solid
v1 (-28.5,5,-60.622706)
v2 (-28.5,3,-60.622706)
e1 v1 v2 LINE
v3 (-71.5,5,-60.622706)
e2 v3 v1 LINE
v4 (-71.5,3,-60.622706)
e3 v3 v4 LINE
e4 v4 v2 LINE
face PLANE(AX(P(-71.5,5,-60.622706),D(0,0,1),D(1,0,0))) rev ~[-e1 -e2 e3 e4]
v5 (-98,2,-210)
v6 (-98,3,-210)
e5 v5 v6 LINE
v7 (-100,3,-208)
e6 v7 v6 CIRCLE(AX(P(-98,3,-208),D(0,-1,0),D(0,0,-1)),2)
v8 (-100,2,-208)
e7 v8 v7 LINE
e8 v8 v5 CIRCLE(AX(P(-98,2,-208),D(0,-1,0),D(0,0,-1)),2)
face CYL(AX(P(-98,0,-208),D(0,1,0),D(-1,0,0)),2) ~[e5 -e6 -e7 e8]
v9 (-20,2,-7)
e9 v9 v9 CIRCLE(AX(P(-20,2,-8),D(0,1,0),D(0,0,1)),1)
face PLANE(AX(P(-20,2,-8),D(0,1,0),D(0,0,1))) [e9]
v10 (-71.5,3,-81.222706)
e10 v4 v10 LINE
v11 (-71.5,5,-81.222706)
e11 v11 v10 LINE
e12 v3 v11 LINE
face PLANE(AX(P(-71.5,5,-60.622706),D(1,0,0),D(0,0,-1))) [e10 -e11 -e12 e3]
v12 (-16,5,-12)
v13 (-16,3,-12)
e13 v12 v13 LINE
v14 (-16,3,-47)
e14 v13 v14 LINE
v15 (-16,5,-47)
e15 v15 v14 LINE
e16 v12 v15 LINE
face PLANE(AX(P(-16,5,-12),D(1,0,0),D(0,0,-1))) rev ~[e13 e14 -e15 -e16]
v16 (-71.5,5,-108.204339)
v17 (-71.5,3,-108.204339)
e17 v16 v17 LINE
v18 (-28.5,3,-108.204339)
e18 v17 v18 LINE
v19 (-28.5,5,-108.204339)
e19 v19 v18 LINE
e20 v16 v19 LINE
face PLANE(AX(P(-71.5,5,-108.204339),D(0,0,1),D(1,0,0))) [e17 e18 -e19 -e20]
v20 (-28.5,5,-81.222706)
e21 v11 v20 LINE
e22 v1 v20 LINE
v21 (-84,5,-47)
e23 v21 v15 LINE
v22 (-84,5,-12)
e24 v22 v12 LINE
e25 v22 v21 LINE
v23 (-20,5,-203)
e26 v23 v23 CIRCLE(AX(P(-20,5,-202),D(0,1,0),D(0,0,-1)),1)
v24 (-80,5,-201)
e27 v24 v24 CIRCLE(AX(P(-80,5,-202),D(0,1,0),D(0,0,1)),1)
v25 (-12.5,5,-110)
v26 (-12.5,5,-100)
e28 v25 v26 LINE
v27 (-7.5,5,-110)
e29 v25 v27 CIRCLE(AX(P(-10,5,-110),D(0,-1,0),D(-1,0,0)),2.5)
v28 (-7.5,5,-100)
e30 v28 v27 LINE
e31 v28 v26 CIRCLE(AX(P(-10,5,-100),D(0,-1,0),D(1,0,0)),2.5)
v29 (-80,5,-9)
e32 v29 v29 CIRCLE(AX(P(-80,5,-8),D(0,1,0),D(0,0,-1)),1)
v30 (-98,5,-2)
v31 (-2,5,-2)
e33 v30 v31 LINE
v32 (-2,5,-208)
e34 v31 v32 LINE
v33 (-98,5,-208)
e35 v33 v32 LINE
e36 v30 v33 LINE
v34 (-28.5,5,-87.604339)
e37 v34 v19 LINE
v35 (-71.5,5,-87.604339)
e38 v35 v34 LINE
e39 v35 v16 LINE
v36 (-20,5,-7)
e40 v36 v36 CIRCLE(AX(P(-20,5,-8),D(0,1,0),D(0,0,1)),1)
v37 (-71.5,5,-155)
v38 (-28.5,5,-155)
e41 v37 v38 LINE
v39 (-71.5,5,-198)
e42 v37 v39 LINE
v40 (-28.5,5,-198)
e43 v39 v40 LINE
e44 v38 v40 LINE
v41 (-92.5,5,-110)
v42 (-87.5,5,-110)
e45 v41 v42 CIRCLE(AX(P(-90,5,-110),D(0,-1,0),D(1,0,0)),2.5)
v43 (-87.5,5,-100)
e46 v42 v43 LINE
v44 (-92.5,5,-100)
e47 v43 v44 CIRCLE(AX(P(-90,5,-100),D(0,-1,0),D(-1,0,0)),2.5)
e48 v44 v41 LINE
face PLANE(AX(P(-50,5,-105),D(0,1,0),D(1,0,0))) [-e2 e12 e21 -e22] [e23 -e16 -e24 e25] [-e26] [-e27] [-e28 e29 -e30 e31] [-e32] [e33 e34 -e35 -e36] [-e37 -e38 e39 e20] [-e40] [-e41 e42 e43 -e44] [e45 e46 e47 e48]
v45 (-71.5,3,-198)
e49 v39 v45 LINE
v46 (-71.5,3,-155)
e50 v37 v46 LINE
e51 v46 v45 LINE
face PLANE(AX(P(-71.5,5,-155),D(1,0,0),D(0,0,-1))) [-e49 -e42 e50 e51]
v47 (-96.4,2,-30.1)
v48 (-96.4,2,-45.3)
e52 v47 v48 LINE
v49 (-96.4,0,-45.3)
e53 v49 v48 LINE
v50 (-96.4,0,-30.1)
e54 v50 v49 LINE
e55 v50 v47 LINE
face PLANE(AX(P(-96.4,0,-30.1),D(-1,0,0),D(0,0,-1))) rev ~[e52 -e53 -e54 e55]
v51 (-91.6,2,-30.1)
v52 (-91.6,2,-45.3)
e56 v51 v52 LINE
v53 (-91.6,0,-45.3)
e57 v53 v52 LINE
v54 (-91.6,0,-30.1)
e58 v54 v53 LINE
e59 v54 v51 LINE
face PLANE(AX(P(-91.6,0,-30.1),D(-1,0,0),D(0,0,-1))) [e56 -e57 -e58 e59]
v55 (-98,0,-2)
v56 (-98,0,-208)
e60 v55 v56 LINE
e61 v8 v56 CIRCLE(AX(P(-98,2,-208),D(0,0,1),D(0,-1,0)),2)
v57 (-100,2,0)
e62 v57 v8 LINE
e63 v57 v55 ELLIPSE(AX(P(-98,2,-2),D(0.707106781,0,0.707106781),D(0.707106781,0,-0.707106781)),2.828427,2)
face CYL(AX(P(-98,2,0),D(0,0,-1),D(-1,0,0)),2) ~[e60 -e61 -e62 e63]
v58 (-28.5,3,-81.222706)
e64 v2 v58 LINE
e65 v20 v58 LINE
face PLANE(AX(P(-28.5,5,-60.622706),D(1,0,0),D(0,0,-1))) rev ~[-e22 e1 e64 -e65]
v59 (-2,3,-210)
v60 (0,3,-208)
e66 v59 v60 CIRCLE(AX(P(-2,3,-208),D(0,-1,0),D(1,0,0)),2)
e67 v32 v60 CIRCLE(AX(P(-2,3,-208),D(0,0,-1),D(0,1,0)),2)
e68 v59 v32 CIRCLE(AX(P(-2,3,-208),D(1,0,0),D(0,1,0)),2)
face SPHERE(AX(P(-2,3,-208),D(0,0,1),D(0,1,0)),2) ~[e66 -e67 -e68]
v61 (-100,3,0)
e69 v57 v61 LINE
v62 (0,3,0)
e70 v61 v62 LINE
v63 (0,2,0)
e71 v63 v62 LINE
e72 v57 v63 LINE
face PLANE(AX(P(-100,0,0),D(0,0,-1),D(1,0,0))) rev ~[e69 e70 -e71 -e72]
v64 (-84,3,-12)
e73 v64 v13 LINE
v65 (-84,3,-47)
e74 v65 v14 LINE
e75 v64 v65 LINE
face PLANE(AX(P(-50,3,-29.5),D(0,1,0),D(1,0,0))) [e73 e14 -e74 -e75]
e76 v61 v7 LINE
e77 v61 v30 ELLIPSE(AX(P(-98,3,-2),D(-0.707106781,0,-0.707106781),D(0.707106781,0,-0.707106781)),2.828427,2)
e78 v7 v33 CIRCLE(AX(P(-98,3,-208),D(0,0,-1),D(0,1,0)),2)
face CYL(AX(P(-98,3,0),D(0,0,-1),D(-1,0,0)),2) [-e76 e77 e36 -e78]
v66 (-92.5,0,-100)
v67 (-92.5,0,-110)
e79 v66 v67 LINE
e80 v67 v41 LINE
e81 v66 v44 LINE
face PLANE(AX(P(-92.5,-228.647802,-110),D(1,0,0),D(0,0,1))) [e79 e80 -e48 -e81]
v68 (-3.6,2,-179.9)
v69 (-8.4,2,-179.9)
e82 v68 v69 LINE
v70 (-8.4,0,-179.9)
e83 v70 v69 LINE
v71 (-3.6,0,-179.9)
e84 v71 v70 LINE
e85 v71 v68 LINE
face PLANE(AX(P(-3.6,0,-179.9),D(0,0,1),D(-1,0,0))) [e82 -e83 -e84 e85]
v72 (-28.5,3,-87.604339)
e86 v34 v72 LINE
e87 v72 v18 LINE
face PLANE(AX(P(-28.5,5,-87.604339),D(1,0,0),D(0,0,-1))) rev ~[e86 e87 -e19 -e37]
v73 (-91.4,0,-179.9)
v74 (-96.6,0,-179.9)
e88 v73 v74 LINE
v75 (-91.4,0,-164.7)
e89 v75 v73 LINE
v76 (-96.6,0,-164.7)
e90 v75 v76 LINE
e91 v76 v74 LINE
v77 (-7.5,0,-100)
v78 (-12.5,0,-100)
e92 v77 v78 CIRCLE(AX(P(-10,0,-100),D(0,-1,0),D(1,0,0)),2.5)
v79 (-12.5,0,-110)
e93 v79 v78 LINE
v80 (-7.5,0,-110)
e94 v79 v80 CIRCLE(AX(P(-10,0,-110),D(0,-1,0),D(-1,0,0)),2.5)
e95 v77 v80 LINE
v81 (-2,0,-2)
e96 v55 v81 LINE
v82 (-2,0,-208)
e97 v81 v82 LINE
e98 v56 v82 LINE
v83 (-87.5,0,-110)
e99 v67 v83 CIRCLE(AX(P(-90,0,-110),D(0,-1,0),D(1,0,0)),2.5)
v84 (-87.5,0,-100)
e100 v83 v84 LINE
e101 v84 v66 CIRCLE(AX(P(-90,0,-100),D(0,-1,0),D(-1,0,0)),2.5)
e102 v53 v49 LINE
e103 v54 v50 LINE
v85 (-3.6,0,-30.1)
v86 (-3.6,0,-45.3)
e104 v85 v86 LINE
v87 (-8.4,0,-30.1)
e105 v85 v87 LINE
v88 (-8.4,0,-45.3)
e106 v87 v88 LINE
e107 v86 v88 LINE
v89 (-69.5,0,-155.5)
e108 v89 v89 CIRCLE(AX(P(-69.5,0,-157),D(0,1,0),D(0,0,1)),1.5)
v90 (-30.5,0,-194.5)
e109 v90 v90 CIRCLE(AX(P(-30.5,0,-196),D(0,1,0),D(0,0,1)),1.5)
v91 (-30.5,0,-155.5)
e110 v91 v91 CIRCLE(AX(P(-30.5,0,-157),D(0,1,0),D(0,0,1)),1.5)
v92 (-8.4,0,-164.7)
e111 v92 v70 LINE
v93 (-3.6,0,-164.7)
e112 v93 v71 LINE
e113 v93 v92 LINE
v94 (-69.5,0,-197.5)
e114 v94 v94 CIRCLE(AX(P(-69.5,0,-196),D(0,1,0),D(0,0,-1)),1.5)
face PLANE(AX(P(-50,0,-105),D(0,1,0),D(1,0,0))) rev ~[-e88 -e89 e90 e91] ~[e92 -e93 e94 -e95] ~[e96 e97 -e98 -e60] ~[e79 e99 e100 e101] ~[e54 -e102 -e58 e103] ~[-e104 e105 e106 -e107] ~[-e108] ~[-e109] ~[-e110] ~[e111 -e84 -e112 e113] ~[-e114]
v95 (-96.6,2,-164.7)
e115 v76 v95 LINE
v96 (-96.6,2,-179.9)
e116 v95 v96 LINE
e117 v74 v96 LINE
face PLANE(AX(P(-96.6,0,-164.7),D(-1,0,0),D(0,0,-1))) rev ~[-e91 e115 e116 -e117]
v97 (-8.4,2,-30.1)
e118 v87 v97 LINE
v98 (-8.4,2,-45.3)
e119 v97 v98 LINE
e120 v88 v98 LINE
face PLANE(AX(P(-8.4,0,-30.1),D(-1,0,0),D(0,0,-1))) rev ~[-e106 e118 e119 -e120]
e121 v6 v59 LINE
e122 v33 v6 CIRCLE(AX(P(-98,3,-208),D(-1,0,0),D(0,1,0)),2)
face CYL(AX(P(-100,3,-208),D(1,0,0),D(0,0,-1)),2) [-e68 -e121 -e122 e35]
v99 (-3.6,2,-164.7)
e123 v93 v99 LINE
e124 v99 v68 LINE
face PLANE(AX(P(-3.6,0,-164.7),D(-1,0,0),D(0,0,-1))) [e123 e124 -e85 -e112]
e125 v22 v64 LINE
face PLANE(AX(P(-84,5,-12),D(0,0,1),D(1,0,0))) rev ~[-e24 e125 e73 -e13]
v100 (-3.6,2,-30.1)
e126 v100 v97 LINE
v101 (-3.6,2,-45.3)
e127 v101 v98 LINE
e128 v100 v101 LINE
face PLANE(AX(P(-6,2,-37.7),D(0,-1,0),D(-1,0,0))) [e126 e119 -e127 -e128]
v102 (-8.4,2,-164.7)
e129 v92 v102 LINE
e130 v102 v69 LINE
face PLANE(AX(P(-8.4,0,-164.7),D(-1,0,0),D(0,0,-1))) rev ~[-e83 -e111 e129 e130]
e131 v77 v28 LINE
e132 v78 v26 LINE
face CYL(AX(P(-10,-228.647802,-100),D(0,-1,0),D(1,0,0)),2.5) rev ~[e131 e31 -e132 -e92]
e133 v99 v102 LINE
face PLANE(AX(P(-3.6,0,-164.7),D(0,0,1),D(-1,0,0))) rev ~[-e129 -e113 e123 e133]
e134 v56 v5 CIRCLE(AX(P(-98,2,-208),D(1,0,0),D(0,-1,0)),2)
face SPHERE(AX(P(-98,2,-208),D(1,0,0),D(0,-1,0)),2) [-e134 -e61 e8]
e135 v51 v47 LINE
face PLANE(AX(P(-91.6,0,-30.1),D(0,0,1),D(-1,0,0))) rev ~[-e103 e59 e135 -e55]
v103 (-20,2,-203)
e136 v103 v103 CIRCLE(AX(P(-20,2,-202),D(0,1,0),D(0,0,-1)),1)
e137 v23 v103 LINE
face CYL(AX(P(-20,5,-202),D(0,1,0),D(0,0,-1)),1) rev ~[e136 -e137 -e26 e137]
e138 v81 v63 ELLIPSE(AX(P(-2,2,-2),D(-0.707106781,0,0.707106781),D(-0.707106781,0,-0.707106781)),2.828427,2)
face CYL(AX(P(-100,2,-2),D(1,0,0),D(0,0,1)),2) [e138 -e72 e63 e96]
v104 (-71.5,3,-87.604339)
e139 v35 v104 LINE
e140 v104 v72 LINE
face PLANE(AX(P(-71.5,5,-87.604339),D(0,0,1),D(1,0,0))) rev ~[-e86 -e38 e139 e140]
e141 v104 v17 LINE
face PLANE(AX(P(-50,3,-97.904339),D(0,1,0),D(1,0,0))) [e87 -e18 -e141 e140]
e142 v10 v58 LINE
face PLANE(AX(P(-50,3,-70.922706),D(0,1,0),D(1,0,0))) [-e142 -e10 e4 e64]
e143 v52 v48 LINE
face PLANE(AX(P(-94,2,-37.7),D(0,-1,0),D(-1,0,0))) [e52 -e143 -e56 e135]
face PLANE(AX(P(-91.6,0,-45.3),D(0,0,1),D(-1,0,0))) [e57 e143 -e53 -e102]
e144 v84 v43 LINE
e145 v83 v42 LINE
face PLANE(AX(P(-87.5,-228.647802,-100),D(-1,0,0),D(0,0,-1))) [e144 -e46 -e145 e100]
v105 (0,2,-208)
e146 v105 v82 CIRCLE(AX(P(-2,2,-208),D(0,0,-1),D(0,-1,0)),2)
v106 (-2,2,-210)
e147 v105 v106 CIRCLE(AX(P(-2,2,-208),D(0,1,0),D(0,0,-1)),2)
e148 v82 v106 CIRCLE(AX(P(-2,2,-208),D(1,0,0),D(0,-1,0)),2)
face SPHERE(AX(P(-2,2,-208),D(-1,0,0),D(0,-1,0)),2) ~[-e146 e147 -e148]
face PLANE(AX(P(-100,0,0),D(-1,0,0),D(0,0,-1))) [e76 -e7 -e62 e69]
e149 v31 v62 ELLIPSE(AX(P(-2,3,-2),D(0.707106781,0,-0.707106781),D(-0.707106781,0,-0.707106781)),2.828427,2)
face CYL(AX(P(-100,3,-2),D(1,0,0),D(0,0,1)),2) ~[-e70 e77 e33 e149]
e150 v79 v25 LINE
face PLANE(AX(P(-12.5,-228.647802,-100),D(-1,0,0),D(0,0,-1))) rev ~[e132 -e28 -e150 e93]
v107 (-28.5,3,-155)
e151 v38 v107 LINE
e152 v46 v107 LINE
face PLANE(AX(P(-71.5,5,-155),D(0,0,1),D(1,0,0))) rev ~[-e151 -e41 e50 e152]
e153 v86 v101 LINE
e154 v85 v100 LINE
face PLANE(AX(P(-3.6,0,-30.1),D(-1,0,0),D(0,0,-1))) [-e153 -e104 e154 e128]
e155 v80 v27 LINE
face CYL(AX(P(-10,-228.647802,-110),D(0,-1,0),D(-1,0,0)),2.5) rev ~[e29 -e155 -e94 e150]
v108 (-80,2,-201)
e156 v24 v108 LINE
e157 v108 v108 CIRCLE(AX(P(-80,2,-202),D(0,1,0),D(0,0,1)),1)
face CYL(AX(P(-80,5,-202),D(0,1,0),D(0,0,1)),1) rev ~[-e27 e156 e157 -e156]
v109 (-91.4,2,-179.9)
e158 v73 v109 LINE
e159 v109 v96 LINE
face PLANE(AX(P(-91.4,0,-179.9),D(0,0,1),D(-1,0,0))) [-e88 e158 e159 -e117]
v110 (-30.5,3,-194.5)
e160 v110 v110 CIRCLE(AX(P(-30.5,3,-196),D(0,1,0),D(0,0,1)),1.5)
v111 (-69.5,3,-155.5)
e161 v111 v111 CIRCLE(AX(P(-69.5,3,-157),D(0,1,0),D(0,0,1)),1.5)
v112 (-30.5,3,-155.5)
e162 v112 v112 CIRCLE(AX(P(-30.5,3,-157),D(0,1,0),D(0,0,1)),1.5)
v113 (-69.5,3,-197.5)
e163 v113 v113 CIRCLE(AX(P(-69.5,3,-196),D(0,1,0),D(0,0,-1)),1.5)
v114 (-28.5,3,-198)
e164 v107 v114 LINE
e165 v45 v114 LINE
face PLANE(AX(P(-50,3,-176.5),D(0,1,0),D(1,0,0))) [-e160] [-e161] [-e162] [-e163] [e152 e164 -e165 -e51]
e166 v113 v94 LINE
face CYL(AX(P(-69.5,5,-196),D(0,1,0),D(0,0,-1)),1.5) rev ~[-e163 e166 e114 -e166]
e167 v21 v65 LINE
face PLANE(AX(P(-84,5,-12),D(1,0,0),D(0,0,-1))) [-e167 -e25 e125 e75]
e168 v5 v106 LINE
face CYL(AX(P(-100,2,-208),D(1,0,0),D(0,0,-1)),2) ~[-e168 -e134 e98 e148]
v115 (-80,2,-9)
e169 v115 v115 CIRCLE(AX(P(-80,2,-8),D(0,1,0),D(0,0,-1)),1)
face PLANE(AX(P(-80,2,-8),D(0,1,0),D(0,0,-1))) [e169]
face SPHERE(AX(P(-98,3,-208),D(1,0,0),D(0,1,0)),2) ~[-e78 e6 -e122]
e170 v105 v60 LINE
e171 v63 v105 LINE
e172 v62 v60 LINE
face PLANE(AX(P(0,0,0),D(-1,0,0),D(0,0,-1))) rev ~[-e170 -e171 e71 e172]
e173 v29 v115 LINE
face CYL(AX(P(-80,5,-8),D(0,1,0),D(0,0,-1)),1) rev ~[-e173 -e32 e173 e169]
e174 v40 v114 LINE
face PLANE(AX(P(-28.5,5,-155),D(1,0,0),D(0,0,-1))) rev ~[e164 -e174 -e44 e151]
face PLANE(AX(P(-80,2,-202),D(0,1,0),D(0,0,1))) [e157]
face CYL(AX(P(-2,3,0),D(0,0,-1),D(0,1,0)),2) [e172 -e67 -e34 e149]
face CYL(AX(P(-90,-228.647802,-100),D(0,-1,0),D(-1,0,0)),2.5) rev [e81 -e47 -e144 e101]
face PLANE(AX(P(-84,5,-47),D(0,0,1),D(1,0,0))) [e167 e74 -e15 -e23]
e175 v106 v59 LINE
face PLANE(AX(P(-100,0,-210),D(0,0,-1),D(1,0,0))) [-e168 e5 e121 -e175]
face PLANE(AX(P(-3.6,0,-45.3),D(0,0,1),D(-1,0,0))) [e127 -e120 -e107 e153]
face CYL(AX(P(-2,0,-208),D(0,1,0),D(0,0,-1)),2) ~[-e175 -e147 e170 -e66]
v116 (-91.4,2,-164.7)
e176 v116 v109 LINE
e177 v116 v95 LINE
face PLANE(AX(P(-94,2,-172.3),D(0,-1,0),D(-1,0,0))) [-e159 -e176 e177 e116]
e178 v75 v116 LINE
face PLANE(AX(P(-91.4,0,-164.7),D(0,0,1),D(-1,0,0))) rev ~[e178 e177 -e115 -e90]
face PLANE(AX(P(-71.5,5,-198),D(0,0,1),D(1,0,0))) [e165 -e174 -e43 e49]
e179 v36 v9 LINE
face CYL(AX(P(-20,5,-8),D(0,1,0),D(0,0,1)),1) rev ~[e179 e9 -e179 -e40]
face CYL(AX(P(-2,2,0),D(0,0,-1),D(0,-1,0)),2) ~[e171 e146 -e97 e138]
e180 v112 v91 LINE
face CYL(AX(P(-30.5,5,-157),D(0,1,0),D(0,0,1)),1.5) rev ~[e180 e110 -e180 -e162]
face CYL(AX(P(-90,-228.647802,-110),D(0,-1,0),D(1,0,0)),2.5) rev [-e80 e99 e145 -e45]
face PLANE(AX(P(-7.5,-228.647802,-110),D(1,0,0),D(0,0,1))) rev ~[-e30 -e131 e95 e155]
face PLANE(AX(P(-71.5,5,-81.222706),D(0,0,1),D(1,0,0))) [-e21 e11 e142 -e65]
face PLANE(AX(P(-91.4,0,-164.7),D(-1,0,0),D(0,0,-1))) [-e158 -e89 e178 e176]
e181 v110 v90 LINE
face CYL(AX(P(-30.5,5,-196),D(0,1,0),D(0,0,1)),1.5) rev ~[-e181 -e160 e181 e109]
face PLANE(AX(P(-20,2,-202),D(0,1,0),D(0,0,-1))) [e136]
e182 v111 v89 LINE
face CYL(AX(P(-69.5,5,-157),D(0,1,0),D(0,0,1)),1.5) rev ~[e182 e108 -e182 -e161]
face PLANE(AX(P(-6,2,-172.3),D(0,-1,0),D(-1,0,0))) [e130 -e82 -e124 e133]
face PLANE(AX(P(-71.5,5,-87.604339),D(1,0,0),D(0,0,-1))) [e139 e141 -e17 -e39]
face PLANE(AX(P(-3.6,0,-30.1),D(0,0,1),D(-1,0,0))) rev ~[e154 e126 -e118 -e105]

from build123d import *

# Parameters (mm, degrees)
SKETCH3_W               = 100
SKETCH3_H               = 210
BOSS_EXTRUDE2_DEPTH     = 5
SKETCH2_W               = 4.8
SKETCH2_H               = 15.2
SKETCH2_W_2             = 5.2
CORTAR_EXTRUIR1_DEPTH   = 2
FILLET1_R               = 2
CUT_EXTRUDE1_DEPTH      = 233.647802483
CUT_EXTRUDE1_DEPTH_BACK = 233.647802483
SKETCH6_R               = 1
CUT_EXTRUDE2_DEPTH      = 3
SKETCH6_4_R             = 1.5
AGUJEROSL298N_DEPTH     = 233.647802483
SKETCH6_6_W             = 68
SKETCH6_6_H             = 35
SKETCH6_6_W_2           = 43
SKETCH6_6_H_2           = 43
SKETCH6_6_R             = 1.5
SKETCH6_6_H_3           = 20.6
CORTAR_EXTRUIR2_DEPTH   = 2


with BuildPart() as part:
    # Sketch3 → Boss-Extrude2 (new body)
    with BuildSketch(Plane(origin=(0, 0, 0), x_dir=(1, 0, 0), z_dir=(0, 1, 0))):
        with Locations((-50, 105)):
            Rectangle(SKETCH3_W, SKETCH3_H)
    extrude(amount=BOSS_EXTRUDE2_DEPTH)

    # Sketch2 → Cortar-Extruir1 (cut)
    with BuildSketch(Plane(origin=(0, 0, 0), x_dir=(-1, 0, 0), z_dir=(0, -1, 0))):
        with Locations((6, 172.3)):
            Rectangle(SKETCH2_W, SKETCH2_H)
        with Locations((94, 172.3)):
            Rectangle(SKETCH2_W_2, SKETCH2_H)
        with Locations((94, 37.7)):
            Rectangle(SKETCH2_W, SKETCH2_H)
        with Locations((6, 37.7)):
            Rectangle(SKETCH2_W, SKETCH2_H)
    extrude(amount=-CORTAR_EXTRUIR1_DEPTH, mode=Mode.SUBTRACT)

    # Fillet1
    fillet1_edges = [part.edges().sort_by_distance(p)[0] for p in [
        (-50, 5, -210),
        (-100, 5, -105),
        (0, 5, -105),
        (-50, 5, 0),
        (0, 2.5, -210),
        (-100, 2.5, -210),
        (-50, 0, -210),
        (-100, 0, -105),
        (-50, 0, 0),
        (0, 0, -105),
    ]]
    fillet(fillet1_edges, radius=FILLET1_R)

    # Sketch4 → Cut-Extrude1 (cut, two sides: drawn at the far end of the back side and taken through both)
    with BuildSketch(Plane(origin=(0, 5, 0), x_dir=(1, 0, 0), z_dir=(0, 1, 0)).offset(-CUT_EXTRUDE1_DEPTH_BACK)):
        with BuildLine():
            Line((-7.5, 110), (-7.5, 100))
            ThreePointArc((-7.5, 100), (-10, 97.5), (-12.5, 100))
            Line((-12.5, 100), (-12.5, 110))
            ThreePointArc((-12.5, 110), (-10, 112.5), (-7.5, 110))
        make_face()
        with BuildLine():
            Line((-92.5, 110), (-92.5, 100))
            ThreePointArc((-92.5, 100), (-90, 97.5), (-87.5, 100))
            Line((-87.5, 100), (-87.5, 110))
            ThreePointArc((-87.5, 110), (-90, 112.5), (-92.5, 110))
        make_face()
    extrude(amount=CUT_EXTRUDE1_DEPTH + CUT_EXTRUDE1_DEPTH_BACK, mode=Mode.SUBTRACT)

    # Sketch6 → Cut-Extrude2 (cut)
    with BuildSketch(Plane(origin=(0, 5, 0), x_dir=(1, 0, 0), z_dir=(0, 1, 0))):
        with Locations((-80, 202)):
            Circle(SKETCH6_R)
        with Locations((-20, 202)):
            Circle(SKETCH6_R)
        with Locations((-20, 8)):
            Circle(SKETCH6_R)
        with Locations((-80, 8)):
            Circle(SKETCH6_R)
    extrude(amount=-CUT_EXTRUDE2_DEPTH, mode=Mode.SUBTRACT)

    # Sketch6<4> → AgujerosL298N (cut, through all)
    with BuildSketch(Plane(origin=(0, 5, 0), x_dir=(1, 0, 0), z_dir=(0, 1, 0))):
        with Locations((-30.5, 196)):
            Circle(SKETCH6_4_R)
        with Locations((-30.5, 157)):
            Circle(SKETCH6_4_R)
        with Locations((-69.5, 157)):
            Circle(SKETCH6_4_R)
        with Locations((-69.5, 196)):
            Circle(SKETCH6_4_R)
    extrude(amount=-AGUJEROSL298N_DEPTH, mode=Mode.SUBTRACT)

    # Sketch6<6> → Cortar-Extruir2 (cut)
    # profile 1 of 4: a face of its own
    with BuildSketch(Plane(origin=(0, 5, 0), x_dir=(1, 0, 0), z_dir=(0, 1, 0))):
        with Locations((-50, 29.5)):
            Rectangle(SKETCH6_6_W, SKETCH6_6_H)
    # profile 2 of 4: a face of its own
    with BuildSketch(Plane(origin=(0, 5, 0), x_dir=(1, 0, 0), z_dir=(0, 1, 0))):
        with Locations((-50, 176.5)):
            Rectangle(SKETCH6_6_W_2, SKETCH6_6_H_2)
        with Locations((-69.5, 157)):
            Circle(SKETCH6_6_R, mode=Mode.SUBTRACT)
        with Locations((-30.5, 157)):
            Circle(SKETCH6_6_R, mode=Mode.SUBTRACT)
        with Locations((-69.5, 196)):
            Circle(SKETCH6_6_R, mode=Mode.SUBTRACT)
        with Locations((-30.5, 196)):
            Circle(SKETCH6_6_R, mode=Mode.SUBTRACT)
    # profile 3 of 4: a face of its own
    with BuildSketch(Plane(origin=(0, 5, 0), x_dir=(1, 0, 0), z_dir=(0, 1, 0))):
        with Locations((-50, 70.922705979)):
            Rectangle(SKETCH6_6_W_2, SKETCH6_6_H_3)
    # profile 4 of 4: a face of its own
    with BuildSketch(Plane(origin=(0, 5, 0), x_dir=(1, 0, 0), z_dir=(0, 1, 0))):
        with Locations((-50, 97.904338996)):
            Rectangle(SKETCH6_6_W_2, SKETCH6_6_H_3)
    extrude(amount=-CORTAR_EXTRUIR2_DEPTH, mode=Mode.SUBTRACT)


solid = part.part
